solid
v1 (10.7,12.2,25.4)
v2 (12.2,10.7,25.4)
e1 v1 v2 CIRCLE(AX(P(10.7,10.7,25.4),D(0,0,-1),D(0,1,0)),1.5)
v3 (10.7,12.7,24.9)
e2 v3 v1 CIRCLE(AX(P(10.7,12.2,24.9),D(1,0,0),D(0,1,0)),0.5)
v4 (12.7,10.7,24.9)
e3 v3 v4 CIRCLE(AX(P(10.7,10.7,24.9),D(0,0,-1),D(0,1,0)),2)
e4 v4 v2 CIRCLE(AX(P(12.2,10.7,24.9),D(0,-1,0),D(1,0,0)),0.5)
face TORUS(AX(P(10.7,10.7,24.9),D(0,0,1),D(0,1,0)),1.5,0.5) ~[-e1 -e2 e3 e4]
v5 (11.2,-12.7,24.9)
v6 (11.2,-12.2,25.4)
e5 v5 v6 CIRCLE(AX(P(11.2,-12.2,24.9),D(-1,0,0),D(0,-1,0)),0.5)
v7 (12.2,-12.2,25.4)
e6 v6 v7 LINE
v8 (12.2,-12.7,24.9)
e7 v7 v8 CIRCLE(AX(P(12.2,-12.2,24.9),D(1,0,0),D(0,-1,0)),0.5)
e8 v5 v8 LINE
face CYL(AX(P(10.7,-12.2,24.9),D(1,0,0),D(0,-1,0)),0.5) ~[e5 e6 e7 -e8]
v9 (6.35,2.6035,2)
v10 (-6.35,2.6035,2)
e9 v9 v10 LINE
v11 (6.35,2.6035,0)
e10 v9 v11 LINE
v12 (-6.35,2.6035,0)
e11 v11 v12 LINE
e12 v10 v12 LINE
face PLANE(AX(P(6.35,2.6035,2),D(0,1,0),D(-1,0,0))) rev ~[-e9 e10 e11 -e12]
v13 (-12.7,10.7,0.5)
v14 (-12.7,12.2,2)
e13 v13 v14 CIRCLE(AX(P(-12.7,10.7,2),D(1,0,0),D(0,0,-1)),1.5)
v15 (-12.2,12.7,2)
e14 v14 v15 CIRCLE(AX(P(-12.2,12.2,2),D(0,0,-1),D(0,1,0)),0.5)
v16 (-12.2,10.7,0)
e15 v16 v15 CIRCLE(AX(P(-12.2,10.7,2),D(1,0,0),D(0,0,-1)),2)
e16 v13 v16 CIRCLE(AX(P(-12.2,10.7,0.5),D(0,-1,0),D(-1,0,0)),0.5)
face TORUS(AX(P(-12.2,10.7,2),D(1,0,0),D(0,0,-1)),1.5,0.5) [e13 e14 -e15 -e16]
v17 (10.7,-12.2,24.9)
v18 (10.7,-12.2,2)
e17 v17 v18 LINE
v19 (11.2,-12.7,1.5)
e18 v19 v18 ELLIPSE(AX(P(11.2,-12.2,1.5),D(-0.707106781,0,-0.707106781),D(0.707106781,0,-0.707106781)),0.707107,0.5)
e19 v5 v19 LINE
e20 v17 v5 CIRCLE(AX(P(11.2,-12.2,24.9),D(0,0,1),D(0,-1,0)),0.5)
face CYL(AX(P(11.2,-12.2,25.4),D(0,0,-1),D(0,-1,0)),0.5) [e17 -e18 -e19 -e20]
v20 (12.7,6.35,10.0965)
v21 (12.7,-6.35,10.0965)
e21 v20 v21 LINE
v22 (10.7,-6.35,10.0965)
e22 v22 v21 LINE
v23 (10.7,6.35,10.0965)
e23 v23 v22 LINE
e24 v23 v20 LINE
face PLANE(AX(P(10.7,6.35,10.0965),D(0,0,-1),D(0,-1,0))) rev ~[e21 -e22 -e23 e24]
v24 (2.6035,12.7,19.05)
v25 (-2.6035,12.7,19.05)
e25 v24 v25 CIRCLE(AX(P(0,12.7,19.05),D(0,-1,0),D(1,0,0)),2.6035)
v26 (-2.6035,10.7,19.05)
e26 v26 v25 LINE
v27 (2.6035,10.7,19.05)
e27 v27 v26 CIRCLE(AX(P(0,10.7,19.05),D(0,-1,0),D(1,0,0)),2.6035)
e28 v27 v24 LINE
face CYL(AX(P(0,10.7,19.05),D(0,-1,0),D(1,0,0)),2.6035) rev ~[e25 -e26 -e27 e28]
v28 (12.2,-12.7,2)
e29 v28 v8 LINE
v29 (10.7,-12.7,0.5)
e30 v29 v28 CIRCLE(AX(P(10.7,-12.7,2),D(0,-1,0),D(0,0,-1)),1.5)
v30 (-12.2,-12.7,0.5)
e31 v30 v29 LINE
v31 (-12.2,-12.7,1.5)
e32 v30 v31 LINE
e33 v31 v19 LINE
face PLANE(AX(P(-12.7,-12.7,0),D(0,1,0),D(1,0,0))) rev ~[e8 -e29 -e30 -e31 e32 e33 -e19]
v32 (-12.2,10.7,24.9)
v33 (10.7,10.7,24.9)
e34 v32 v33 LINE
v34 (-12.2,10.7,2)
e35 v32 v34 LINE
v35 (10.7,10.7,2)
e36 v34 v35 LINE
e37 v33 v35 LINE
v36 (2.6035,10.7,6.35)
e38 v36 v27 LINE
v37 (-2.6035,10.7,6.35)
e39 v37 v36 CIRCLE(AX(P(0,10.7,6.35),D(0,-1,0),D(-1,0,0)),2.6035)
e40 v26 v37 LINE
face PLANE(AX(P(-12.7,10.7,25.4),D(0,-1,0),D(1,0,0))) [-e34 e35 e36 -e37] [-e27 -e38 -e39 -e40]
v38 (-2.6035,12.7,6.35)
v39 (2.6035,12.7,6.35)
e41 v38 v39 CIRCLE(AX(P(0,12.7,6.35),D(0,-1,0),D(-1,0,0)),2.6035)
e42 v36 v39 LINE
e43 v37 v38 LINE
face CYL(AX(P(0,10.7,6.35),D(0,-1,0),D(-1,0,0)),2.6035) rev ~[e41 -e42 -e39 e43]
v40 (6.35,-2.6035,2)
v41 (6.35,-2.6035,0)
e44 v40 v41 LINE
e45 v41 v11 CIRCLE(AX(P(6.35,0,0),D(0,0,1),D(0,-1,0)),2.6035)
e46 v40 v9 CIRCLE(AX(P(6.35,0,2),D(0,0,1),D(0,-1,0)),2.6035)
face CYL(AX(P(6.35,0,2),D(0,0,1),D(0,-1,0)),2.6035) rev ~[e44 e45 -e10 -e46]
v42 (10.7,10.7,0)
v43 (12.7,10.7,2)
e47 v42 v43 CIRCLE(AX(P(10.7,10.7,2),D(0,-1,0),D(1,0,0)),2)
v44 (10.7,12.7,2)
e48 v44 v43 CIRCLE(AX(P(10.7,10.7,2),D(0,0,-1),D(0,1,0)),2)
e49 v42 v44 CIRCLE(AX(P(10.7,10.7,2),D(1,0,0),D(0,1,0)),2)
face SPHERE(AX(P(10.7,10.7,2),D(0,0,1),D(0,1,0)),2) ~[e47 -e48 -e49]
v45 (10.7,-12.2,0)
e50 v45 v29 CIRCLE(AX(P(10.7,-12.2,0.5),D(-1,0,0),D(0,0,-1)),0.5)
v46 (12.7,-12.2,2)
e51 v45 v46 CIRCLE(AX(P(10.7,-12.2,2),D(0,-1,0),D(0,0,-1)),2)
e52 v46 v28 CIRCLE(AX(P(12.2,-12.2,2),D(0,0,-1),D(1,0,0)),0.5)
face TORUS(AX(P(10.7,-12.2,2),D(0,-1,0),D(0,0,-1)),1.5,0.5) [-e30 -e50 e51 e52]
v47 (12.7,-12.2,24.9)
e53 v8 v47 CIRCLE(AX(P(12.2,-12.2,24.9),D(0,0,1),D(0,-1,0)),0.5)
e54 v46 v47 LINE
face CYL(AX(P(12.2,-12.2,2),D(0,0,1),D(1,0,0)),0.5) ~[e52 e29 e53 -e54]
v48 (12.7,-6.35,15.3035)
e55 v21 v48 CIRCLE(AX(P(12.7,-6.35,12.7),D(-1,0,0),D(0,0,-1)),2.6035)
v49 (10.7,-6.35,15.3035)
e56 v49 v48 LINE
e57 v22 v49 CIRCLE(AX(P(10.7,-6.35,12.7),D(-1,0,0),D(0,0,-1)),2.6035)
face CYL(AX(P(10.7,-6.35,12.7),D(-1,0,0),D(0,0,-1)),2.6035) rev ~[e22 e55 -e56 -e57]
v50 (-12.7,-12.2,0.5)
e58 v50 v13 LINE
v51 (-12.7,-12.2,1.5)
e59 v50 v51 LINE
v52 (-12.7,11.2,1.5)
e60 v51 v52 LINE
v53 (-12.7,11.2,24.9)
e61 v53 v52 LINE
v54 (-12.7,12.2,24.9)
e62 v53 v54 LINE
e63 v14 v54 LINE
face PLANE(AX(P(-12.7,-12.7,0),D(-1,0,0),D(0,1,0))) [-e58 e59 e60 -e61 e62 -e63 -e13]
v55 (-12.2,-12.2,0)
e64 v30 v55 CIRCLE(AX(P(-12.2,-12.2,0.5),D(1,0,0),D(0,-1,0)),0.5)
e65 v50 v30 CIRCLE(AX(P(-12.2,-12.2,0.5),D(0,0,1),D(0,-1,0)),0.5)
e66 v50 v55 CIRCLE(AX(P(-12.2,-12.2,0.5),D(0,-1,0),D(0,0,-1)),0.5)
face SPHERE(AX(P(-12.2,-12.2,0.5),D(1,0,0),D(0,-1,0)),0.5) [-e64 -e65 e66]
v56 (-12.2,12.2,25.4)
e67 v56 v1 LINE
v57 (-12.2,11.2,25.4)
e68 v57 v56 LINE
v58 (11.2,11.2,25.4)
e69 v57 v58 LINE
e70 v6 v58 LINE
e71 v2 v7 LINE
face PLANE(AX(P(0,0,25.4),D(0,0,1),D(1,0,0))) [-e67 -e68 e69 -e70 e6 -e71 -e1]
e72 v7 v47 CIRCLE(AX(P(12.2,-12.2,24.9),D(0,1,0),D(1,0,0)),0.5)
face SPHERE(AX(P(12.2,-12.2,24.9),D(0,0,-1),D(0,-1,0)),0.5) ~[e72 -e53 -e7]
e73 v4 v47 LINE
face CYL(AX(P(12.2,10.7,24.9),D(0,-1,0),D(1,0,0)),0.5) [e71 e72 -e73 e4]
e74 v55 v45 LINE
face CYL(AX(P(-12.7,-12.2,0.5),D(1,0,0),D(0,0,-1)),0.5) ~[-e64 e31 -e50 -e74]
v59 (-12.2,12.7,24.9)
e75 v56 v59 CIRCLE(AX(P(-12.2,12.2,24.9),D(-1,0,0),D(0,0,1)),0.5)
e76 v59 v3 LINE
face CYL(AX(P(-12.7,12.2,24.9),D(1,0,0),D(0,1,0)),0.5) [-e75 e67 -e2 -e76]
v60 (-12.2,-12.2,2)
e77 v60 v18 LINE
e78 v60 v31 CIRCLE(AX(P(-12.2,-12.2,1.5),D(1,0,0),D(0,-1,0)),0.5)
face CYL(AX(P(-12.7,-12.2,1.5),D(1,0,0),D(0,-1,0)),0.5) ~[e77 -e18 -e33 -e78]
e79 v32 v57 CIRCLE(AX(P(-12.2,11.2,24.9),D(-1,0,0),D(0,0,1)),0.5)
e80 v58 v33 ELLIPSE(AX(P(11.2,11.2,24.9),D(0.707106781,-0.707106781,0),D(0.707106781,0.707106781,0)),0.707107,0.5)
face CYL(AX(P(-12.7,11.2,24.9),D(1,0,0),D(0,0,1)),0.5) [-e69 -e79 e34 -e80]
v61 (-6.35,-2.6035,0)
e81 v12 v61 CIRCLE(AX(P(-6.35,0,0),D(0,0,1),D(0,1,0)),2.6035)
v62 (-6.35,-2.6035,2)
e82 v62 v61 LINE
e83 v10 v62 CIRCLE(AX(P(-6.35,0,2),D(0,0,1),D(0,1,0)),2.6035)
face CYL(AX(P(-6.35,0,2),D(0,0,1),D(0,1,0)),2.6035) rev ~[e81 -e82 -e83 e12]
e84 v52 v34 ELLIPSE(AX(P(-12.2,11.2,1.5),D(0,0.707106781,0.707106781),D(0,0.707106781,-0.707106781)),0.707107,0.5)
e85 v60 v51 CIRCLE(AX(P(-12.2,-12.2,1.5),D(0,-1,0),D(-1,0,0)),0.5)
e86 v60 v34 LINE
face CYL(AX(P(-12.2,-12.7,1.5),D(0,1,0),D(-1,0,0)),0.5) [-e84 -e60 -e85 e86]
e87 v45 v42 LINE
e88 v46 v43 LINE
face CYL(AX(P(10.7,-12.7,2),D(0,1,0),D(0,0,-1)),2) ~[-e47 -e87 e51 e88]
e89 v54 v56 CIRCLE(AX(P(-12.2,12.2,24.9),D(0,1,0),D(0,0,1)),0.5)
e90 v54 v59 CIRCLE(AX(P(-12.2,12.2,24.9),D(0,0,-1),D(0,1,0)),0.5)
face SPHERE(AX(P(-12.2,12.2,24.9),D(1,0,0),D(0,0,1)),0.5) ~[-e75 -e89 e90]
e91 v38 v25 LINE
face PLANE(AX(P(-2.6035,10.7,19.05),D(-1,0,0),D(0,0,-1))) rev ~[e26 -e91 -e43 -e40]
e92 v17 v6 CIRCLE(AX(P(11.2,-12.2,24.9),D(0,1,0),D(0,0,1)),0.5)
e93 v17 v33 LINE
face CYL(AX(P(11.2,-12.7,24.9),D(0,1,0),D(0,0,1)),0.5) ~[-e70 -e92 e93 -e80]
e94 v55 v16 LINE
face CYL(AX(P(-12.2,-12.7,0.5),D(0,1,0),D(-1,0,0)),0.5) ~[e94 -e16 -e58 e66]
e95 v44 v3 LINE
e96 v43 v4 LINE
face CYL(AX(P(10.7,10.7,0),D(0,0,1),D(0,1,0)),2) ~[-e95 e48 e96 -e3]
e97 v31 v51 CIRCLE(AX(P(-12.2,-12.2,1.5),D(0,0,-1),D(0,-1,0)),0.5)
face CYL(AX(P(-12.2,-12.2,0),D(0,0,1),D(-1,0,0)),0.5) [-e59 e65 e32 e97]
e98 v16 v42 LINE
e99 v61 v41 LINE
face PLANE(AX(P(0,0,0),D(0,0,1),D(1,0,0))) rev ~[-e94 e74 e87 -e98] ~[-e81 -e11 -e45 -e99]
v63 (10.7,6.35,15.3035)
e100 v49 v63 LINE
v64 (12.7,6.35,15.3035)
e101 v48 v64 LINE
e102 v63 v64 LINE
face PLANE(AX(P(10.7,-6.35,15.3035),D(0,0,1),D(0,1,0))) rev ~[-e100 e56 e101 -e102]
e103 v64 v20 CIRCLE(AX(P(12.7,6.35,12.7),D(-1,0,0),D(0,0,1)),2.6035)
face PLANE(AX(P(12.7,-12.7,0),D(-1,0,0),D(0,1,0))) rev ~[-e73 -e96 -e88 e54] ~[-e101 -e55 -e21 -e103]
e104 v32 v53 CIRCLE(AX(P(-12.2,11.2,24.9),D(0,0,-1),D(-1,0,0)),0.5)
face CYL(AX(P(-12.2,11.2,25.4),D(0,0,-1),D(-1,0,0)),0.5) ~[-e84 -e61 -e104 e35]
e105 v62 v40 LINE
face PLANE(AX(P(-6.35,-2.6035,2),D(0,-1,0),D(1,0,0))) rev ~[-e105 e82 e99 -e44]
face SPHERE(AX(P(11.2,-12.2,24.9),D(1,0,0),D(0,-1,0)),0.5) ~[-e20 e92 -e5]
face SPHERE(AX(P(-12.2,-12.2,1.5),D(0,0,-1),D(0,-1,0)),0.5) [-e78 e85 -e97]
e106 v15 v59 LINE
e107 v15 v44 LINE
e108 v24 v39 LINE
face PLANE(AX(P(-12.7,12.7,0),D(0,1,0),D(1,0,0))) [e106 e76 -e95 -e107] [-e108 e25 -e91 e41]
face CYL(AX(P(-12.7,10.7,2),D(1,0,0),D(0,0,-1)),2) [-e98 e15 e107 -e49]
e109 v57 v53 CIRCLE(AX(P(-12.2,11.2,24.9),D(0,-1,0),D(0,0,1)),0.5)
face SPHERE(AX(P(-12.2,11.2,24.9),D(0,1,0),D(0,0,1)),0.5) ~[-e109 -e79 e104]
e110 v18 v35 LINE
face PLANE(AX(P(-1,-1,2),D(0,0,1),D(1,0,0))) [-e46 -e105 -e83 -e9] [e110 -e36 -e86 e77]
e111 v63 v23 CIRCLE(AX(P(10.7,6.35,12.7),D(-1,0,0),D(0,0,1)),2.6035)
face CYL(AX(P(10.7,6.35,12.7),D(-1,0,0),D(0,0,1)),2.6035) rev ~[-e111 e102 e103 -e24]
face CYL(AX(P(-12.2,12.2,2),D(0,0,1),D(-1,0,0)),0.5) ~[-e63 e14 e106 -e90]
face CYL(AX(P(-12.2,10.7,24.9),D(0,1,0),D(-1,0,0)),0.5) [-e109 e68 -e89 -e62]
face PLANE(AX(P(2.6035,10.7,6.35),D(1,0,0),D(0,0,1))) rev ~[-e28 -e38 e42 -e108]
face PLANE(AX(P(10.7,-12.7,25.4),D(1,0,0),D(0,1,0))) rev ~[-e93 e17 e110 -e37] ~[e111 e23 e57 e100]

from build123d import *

# Parameters (mm, degrees)
SKETCH014_W     = 25.4
SKETCH014_H     = 25.4
PAD007_DEPTH    = 25.4
SKETCH015_W     = 23.4
SKETCH015_H     = 23.4
POCKET005_DEPTH = 23.4
POCKET006_DEPTH = 2.001
POCKET007_DEPTH = 2.001
POCKET008_DEPTH = 2.001
FILLET005_R     = 2
FILLET006_R     = 0.5


with BuildPart() as part:
    # Sketch014 → Pad007 (new body)
    with BuildSketch(Plane.XY):
        Rectangle(SKETCH014_W, SKETCH014_H)
    extrude(amount=PAD007_DEPTH)

    # Sketch015 (on Face6 of Pad007) → Pocket005 (cut)
    with BuildSketch(Plane.XY.offset(25.4)):
        with Locations((-1, -1)):
            Rectangle(SKETCH015_W, SKETCH015_H)
    extrude(amount=-POCKET005_DEPTH, mode=Mode.SUBTRACT)

    # Sketch016 (on Face7 of Pocket005) → Pocket006 (cut, through all)
    with BuildSketch(Plane.XY.offset(2)):
        with BuildLine():
            ThreePointArc((-6.35, 2.6035), (-8.9535, 0), (-6.35, -2.6035))
            Line((-6.35, -2.6035), (6.35, -2.6035))
            ThreePointArc((6.35, -2.6035), (8.9535, 0), (6.35, 2.6035))
            Line((6.35, 2.6035), (-6.35, 2.6035))
        make_face()
    extrude(amount=-POCKET006_DEPTH, mode=Mode.SUBTRACT)

    # Sketch017 (on Face6 of Pocket006) → Pocket007 (cut, through all)
    with BuildSketch(Plane(origin=(10.7, 0, 0), x_dir=(0, -1, 0), z_dir=(-1, 0, 0))):
        with BuildLine():
            ThreePointArc((-6.35, 15.3035), (-8.9535, 12.7), (-6.35, 10.0965))
            Line((-6.35, 10.0965), (6.35, 10.0965))
            ThreePointArc((6.35, 10.0965), (8.9535, 12.7), (6.35, 15.3035))
            Line((6.35, 15.3035), (-6.35, 15.3035))
        make_face()
    extrude(amount=-POCKET007_DEPTH, mode=Mode.SUBTRACT)

    # Sketch018 (on Face17 of Pocket007) → Pocket008 (cut, through all)
    with BuildSketch(Plane.XZ.offset(-10.7)):
        with BuildLine():
            ThreePointArc((2.6035, 19.05), (0, 21.6535), (-2.6035, 19.05))
            Line((-2.6035, 19.05), (-2.6035, 6.35))
            ThreePointArc((-2.6035, 6.35), (0, 3.7465), (2.6035, 6.35))
            Line((2.6035, 6.35), (2.6035, 19.05))
        make_face()
    extrude(amount=-POCKET008_DEPTH, mode=Mode.SUBTRACT)

    # Fillet005
    fillet005_edges = [part.edges().sort_by_distance(p)[0] for p in [
        (12.7, 12.7, 12.7),
        (0, 12.7, 0),
        (12.7, 0, 0),
    ]]
    fillet(fillet005_edges, radius=FILLET005_R)

    # Fillet006
    fillet006_edges = [part.edges().sort_by_distance(p)[0] for p in [
        (-1, -12.7, 0),
        (12.114214, -12.7, 0.585786),
        (-12.7, -12.7, 1),
        (12.7, -12.7, 13.7),
        (-1, -12.7, 2),
        (11.7, -12.7, 25.4),
        (10.7, -12.7, 13.7),
        (-1, 12.7, 25.4),
        (12.114214, 12.114214, 25.4),
        (-12.7, 11.7, 25.4),
        (12.7, -1, 25.4),
        (-1, 10.7, 25.4),
        (10.7, -1, 25.4),
        (-12.7, -1, 0),
        (-12.7, 12.114214, 0.585786),
        (-12.7, 12.7, 13.7),
        (-12.7, -1, 2),
        (-12.7, 10.7, 13.7),
    ]]
    fillet(fillet006_edges, radius=FILLET006_R)


solid = part.part
